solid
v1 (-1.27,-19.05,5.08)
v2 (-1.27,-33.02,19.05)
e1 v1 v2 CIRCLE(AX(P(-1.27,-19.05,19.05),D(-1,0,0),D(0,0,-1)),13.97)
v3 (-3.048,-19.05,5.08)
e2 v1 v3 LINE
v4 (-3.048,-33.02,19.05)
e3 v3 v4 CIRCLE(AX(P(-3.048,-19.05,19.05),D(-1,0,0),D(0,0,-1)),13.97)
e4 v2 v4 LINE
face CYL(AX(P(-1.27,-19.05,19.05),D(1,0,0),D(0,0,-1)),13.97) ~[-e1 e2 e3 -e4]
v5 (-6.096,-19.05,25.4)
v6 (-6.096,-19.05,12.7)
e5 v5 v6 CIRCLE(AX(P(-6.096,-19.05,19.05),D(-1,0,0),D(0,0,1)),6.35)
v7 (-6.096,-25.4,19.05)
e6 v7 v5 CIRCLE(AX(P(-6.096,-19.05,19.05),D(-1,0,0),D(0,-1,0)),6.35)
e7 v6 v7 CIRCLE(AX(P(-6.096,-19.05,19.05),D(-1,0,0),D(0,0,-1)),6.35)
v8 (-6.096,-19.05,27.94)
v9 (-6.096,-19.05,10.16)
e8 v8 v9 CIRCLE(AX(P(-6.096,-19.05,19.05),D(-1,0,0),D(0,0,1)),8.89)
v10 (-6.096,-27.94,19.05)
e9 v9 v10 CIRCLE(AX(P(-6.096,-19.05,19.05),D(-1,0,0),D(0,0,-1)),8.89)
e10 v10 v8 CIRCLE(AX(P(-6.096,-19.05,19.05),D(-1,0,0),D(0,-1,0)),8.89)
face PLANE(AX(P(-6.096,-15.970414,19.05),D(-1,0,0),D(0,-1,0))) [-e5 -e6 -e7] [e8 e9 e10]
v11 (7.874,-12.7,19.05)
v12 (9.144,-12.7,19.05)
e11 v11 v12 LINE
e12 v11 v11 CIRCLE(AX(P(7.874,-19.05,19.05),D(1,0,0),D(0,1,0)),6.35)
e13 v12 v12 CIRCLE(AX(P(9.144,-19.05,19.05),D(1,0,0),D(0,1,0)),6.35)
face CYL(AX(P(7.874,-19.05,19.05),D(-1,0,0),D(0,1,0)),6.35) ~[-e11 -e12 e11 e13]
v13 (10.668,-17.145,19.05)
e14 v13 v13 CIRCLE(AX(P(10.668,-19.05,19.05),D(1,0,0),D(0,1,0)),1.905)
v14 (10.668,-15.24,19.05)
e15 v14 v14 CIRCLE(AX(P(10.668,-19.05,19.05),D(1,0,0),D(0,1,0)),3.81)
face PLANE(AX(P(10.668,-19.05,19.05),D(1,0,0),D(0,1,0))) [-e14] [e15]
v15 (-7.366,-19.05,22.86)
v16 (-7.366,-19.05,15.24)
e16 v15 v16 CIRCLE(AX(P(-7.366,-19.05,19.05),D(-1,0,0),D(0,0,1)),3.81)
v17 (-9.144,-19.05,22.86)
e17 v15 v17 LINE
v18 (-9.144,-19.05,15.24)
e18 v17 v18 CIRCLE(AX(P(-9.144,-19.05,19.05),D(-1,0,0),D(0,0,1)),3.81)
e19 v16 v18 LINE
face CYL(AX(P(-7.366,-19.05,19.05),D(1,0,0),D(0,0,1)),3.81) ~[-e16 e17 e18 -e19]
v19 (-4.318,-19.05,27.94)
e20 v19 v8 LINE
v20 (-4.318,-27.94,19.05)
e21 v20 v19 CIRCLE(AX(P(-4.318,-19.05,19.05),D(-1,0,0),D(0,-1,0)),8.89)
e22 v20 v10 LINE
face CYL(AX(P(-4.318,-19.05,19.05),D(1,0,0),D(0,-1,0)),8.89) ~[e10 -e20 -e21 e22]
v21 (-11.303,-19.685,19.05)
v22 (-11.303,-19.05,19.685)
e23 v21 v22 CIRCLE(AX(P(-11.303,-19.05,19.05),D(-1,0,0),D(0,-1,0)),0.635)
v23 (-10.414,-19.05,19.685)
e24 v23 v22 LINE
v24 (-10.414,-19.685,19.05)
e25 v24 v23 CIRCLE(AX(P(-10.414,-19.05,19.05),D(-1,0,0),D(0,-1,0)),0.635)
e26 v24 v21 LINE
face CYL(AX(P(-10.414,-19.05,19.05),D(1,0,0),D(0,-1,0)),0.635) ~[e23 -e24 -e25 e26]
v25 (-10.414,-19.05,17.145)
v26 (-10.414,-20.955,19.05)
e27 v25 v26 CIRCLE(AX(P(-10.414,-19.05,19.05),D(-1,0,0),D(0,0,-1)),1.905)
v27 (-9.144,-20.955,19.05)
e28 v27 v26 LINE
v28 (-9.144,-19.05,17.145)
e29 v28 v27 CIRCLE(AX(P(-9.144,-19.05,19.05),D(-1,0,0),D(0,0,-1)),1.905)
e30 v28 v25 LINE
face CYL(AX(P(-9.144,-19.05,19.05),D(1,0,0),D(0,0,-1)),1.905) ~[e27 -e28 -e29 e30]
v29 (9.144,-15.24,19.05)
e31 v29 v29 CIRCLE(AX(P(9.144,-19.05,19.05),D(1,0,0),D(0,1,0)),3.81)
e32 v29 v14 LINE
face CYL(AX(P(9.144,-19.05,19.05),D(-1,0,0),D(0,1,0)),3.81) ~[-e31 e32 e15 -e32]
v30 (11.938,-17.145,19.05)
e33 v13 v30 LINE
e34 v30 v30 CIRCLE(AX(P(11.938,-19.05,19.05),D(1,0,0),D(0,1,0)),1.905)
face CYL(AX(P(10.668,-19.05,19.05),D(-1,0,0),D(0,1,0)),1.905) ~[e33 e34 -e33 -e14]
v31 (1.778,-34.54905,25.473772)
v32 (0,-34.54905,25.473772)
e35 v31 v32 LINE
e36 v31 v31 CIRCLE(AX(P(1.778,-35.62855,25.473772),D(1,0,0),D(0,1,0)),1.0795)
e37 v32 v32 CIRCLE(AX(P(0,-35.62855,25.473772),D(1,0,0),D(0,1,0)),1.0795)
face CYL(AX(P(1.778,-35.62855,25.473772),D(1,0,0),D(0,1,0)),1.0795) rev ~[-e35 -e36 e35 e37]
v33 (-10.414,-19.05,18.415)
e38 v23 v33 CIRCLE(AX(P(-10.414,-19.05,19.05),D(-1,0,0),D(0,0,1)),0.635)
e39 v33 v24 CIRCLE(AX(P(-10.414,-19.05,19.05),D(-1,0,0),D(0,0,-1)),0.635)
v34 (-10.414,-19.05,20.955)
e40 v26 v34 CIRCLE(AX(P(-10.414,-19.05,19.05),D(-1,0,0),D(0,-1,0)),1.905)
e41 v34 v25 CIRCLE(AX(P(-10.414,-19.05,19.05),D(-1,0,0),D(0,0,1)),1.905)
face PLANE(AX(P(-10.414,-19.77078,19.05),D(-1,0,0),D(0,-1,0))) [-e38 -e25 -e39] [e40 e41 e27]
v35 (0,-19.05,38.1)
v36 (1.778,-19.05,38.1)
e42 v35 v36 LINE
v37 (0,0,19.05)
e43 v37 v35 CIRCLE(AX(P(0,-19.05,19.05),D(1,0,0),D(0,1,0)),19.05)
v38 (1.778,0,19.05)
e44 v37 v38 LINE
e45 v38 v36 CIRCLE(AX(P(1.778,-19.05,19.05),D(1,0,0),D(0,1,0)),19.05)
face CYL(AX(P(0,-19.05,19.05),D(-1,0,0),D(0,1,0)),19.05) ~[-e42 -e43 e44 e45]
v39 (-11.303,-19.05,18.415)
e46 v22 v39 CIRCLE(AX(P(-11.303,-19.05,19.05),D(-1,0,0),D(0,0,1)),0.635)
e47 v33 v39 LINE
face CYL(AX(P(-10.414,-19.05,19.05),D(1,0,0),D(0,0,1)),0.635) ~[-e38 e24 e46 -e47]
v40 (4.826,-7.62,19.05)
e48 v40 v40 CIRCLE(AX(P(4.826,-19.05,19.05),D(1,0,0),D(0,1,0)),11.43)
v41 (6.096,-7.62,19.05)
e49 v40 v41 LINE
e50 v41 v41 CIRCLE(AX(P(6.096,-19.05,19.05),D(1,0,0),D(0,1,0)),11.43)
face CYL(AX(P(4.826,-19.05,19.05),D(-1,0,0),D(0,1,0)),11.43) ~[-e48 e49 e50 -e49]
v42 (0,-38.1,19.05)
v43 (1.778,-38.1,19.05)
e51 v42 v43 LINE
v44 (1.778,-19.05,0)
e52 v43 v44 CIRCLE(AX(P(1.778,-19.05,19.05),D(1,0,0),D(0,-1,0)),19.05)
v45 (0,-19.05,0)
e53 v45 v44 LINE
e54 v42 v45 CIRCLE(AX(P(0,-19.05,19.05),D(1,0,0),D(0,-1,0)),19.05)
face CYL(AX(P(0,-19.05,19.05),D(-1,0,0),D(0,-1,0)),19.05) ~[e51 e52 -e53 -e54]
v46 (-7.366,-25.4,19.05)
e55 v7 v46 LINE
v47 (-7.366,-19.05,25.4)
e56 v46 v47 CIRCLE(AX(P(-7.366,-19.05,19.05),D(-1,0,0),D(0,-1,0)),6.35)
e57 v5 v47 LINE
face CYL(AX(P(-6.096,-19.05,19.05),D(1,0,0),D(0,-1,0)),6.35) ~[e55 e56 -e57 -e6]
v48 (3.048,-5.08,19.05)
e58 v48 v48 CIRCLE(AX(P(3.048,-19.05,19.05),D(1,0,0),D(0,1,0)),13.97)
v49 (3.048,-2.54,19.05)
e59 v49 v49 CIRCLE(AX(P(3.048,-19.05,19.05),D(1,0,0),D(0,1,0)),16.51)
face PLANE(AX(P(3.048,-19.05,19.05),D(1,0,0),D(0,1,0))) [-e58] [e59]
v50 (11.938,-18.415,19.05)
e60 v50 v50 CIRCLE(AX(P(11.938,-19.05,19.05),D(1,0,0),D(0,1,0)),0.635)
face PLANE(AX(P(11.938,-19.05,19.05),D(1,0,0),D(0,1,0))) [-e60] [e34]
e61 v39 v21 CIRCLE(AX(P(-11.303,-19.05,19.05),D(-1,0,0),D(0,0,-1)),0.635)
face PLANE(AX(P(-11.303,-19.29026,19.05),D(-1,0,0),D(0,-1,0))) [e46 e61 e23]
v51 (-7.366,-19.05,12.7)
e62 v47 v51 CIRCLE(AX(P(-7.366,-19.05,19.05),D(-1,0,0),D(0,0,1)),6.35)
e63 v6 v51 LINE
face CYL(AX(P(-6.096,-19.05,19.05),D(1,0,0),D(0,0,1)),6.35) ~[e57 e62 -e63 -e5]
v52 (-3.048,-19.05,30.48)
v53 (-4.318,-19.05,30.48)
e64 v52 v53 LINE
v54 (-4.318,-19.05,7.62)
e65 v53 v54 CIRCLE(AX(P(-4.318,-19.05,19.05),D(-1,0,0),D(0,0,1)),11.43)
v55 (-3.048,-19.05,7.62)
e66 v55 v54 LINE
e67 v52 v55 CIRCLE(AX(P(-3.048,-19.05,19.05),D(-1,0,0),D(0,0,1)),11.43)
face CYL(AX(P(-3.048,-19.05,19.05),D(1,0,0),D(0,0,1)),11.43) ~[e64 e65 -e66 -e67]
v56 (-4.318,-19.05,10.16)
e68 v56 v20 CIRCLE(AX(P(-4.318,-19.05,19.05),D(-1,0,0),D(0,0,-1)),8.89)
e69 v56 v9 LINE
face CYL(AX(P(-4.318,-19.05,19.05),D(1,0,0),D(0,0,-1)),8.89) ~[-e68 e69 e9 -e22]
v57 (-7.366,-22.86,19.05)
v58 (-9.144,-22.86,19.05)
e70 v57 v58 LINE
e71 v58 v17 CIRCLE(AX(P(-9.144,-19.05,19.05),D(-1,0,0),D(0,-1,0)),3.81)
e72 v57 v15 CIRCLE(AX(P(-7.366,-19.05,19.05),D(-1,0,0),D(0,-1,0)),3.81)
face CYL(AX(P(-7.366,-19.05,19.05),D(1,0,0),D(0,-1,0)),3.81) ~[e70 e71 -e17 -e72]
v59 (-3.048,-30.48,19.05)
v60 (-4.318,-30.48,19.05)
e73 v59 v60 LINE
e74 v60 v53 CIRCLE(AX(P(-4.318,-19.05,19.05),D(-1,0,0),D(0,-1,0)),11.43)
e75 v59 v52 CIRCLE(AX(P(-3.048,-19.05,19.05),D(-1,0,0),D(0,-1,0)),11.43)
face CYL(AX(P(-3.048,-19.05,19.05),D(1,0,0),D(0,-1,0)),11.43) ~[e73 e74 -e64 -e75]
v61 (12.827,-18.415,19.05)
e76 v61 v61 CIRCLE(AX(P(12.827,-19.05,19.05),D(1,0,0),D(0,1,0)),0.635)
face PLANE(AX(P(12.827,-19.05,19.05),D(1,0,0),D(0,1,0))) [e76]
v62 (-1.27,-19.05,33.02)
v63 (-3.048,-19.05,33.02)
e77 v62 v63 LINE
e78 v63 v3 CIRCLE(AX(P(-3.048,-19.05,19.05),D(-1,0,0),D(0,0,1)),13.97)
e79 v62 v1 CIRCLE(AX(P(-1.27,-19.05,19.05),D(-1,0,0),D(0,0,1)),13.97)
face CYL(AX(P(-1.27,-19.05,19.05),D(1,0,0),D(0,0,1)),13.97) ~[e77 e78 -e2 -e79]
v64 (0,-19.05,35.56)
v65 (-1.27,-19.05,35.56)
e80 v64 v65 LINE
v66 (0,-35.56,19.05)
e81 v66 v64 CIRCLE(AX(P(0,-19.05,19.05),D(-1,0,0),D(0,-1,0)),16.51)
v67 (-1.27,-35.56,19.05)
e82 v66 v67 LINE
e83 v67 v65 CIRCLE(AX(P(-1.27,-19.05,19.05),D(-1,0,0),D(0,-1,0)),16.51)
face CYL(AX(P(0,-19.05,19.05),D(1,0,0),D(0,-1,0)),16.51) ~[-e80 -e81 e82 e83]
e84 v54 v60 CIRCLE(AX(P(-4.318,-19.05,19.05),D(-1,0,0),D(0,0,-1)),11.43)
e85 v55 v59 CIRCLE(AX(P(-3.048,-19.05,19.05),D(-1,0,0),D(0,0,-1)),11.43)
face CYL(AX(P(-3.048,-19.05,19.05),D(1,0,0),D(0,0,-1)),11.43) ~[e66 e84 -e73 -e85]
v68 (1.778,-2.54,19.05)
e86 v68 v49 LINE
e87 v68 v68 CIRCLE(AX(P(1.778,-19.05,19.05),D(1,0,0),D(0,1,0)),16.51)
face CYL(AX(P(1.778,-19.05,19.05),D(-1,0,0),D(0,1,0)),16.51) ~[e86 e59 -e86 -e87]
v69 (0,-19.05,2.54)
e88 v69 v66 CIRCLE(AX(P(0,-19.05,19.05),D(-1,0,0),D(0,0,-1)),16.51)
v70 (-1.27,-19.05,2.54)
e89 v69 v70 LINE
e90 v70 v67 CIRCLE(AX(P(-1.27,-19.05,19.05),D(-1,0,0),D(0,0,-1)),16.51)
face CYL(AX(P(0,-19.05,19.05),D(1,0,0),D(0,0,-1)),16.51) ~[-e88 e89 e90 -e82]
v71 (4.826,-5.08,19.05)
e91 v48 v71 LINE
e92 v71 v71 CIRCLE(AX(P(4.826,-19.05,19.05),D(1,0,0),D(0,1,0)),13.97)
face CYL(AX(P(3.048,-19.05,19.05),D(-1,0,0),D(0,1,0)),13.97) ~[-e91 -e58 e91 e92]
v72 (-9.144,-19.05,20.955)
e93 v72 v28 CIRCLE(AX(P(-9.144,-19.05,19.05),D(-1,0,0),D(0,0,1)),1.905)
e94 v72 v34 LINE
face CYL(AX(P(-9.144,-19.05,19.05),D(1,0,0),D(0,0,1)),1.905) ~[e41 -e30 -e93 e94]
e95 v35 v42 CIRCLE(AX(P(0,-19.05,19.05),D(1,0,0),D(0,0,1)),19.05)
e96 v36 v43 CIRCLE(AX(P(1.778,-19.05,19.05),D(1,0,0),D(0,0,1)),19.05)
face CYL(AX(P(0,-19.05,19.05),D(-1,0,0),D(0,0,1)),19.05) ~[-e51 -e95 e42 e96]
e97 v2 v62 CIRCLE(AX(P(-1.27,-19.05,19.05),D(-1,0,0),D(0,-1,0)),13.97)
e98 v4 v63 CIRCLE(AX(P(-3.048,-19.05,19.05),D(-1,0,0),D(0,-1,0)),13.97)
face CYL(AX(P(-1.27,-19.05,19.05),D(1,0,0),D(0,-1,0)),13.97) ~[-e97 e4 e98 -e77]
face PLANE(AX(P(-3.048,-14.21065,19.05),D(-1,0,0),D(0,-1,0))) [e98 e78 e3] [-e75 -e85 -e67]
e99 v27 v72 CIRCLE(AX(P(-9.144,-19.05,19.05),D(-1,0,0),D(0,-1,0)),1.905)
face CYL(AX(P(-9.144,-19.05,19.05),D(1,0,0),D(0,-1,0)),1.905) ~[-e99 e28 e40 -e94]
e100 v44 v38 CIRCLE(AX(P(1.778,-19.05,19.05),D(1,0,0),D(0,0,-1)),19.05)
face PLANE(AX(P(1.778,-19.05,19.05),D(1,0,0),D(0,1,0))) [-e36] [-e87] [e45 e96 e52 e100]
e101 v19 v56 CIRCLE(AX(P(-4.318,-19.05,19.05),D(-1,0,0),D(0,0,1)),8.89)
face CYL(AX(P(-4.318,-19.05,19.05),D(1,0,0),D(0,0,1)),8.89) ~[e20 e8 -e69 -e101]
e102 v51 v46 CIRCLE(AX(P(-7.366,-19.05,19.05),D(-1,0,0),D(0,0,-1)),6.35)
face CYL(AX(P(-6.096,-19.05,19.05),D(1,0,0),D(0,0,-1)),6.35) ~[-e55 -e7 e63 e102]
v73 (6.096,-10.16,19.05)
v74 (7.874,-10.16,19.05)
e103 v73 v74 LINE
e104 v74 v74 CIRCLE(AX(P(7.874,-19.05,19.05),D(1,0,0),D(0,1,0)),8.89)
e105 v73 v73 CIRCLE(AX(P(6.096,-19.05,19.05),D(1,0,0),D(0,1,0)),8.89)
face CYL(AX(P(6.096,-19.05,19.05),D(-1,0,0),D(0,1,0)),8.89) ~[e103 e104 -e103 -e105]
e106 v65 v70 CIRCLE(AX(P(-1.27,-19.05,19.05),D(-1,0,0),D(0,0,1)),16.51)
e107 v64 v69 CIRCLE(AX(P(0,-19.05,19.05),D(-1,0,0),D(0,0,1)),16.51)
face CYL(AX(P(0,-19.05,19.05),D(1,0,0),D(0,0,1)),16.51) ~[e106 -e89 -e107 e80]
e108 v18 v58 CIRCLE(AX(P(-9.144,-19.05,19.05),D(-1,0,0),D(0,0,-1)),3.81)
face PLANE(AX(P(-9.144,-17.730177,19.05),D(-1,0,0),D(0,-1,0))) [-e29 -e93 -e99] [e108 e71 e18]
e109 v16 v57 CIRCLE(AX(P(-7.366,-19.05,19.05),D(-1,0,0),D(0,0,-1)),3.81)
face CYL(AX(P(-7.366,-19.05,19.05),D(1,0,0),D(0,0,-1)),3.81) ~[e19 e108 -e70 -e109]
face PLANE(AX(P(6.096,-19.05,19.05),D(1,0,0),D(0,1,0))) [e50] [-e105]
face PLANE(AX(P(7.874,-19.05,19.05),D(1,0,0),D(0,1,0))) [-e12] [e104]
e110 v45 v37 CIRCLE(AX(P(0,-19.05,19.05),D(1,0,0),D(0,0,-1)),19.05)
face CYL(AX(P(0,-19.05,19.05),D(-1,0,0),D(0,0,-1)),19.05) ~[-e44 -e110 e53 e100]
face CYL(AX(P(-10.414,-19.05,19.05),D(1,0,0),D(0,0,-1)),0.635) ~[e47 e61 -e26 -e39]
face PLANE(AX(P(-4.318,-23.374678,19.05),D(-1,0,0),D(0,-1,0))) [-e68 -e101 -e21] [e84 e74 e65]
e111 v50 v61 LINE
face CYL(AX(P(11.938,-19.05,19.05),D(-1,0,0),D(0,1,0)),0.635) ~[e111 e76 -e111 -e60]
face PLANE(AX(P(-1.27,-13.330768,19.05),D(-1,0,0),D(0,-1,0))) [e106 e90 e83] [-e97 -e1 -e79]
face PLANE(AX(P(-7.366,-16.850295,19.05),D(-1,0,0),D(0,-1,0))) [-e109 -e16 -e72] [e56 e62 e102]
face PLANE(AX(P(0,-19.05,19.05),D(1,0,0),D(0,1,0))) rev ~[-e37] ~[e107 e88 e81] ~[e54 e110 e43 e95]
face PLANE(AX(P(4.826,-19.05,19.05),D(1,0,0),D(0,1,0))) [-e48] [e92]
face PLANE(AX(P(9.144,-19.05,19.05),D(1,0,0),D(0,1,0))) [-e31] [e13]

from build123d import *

# Parameters (mm, degrees)
F1_DEPTH  = 1.778
F2_R      = 16.51
F3_DEPTH  = 1.27
F4_R      = 13.97
F5_DEPTH  = 1.778
F6_R      = 11.43
F7_DEPTH  = 1.27
F8_R      = 8.89
F9_DEPTH  = 1.778
F10_R     = 6.35
F11_DEPTH = 1.27
F12_R     = 3.81
F13_DEPTH = 1.524
F14_R     = 1.905
F15_DEPTH = 1.27
F16_R     = 0.635
F17_DEPTH = 0.889
F18_R     = 1.0795
F19_DEPTH = 1.778
F21_DEPTH = 1.27
F23_DEPTH = 1.778
F25_DEPTH = 1.27
F27_DEPTH = 1.778
F29_DEPTH = 1.27
F31_DEPTH = 1.778
F33_DEPTH = 1.27
F35_DEPTH = 0.889


with BuildPart() as f1:
    # F0 (on Right) → F1 (new body)
    with BuildSketch(Plane.YZ):
        with BuildLine():
            ThreePointArc((-19.05, 0), (-5.5796158184, 5.5796158184), (0, 19.05))
            ThreePointArc((0, 19.05), (-5.5796158184, 32.5203841816), (-19.05, 38.1))
            ThreePointArc((-19.05, 38.1), (-32.5203841816, 32.5203841816), (-38.1, 19.05))
            ThreePointArc((-38.1, 19.05), (-32.5203841816, 5.5796158184), (-19.05, 0))
        make_face()
    extrude(amount=F1_DEPTH)

    # F2 (on face) → F3 (join)
    with BuildSketch(Plane.YZ.offset(1.778)):
        with Locations((-19.05, 19.05)):
            Circle(F2_R)
    extrude(amount=F3_DEPTH)

    # F4 (on face) → F5 (join)
    with BuildSketch(Plane.YZ.offset(3.048)):
        with Locations((-19.05, 19.05)):
            Circle(F4_R)
    extrude(amount=F5_DEPTH)

    # F6 (on face) → F7 (join)
    with BuildSketch(Plane.YZ.offset(4.826)):
        with Locations((-19.05, 19.05)):
            Circle(F6_R)
    extrude(amount=F7_DEPTH)

    # F8 (on face) → F9 (join)
    with BuildSketch(Plane.YZ.offset(6.096)):
        with Locations((-19.05, 19.05)):
            Circle(F8_R)
    extrude(amount=F9_DEPTH)

    # F10 (on face) → F11 (join)
    with BuildSketch(Plane.YZ.offset(7.874)):
        with Locations((-19.05, 19.05)):
            Circle(F10_R)
    extrude(amount=F11_DEPTH)

    # F12 (on face) → F13 (join)
    with BuildSketch(Plane.YZ.offset(9.144)):
        with Locations((-19.05, 19.05)):
            Circle(F12_R)
    extrude(amount=F13_DEPTH)

    # F14 (on face) → F15 (join)
    with BuildSketch(Plane.YZ.offset(10.668)):
        with Locations((-19.05, 19.05)):
            Circle(F14_R)
    extrude(amount=F15_DEPTH)

    # F16 (on face) → F17 (join)
    with BuildSketch(Plane.YZ.offset(11.938)):
        with Locations((-19.05, 19.05)):
            Circle(F16_R)
    extrude(amount=F17_DEPTH)

    # F18 (on face) → F19 (cut)
    with BuildSketch(Plane.YZ.offset(1.778)):
        with Locations((-35.6285501971, 25.4737715009)):
            Circle(F18_R)
    extrude(amount=-F19_DEPTH, mode=Mode.SUBTRACT)

    # F20 (on face) → F21 (join)
    with BuildSketch(Plane(origin=(0, 0, 0), x_dir=(0, -1, 0), z_dir=(-1, 0, 0))):
        with BuildLine():
            ThreePointArc((19.05, 35.56), (2.54, 19.05), (19.05, 2.54))
            Line((19.05, 2.54), (19.05, 35.56))
        make_face()
        with BuildLine():
            Line((19.05, 35.56), (19.05, 2.54))
            ThreePointArc((19.05, 2.54), (30.7243329574, 7.3756670426), (35.56, 19.05))
            ThreePointArc((35.56, 19.05), (30.7243329574, 30.7243329574), (19.05, 35.56))
        make_face()
    extrude(amount=F21_DEPTH)

    # F22 (on face) → F23 (join)
    with BuildSketch(Plane(origin=(-1.27, 0, 0), x_dir=(0, -1, 0), z_dir=(-1, 0, 0))):
        with BuildLine():
            ThreePointArc((19.05, 33.02), (5.08, 19.05), (19.05, 5.08))
            Line((19.05, 5.08), (19.05, 33.02))
        make_face()
        with BuildLine():
            Line((19.05, 33.02), (19.05, 5.08))
            ThreePointArc((19.05, 5.08), (28.9282817332, 9.1717182668), (33.02, 19.05))
            ThreePointArc((33.02, 19.05), (28.9282817332, 28.9282817332), (19.05, 33.02))
        make_face()
    extrude(amount=F23_DEPTH)

    # F24 (on face) → F25 (join)
    with BuildSketch(Plane(origin=(-3.048, 0, 0), x_dir=(0, -1, 0), z_dir=(-1, 0, 0))):
        with BuildLine():
            Line((19.05, 30.48), (19.05, 7.62))
            ThreePointArc((19.05, 7.62), (27.132230509, 10.967769491), (30.48, 19.05))
            ThreePointArc((30.48, 19.05), (27.132230509, 27.132230509), (19.05, 30.48))
        make_face()
        with BuildLine():
            ThreePointArc((19.05, 30.48), (7.62, 19.05), (19.05, 7.62))
            Line((19.05, 7.62), (19.05, 30.48))
        make_face()
    extrude(amount=F25_DEPTH)

    # F26 (on face) → F27 (join)
    with BuildSketch(Plane(origin=(-4.318, 0, 0), x_dir=(0, -1, 0), z_dir=(-1, 0, 0))):
        with BuildLine():
            ThreePointArc((19.05, 27.94), (10.16, 19.05), (19.05, 10.16))
            Line((19.05, 10.16), (19.05, 27.94))
        make_face()
        with BuildLine():
            Line((19.05, 27.94), (19.05, 10.16))
            ThreePointArc((19.05, 10.16), (25.3361792847, 12.7638207153), (27.94, 19.05))
            ThreePointArc((27.94, 19.05), (25.3361792847, 25.3361792847), (19.05, 27.94))
        make_face()
    extrude(amount=F27_DEPTH)

    # F28 (on face) → F29 (join)
    with BuildSketch(Plane(origin=(-6.096, 0, 0), x_dir=(0, -1, 0), z_dir=(-1, 0, 0))):
        with BuildLine():
            ThreePointArc((19.05, 25.4), (12.7, 19.05), (19.05, 12.7))
            Line((19.05, 12.7), (19.05, 25.4))
        make_face()
        with BuildLine():
            Line((19.05, 25.4), (19.05, 12.7))
            ThreePointArc((19.05, 12.7), (23.5401280605, 14.5598719395), (25.4, 19.05))
            ThreePointArc((25.4, 19.05), (23.5401280605, 23.5401280605), (19.05, 25.4))
        make_face()
    extrude(amount=F29_DEPTH)

    # F30 (on face) → F31 (join)
    with BuildSketch(Plane(origin=(-7.366, 0, 0), x_dir=(0, -1, 0), z_dir=(-1, 0, 0))):
        with BuildLine():
            ThreePointArc((19.05, 22.86), (15.24, 19.05), (19.05, 15.24))
            Line((19.05, 15.24), (19.05, 22.86))
        make_face()
        with BuildLine():
            Line((19.05, 22.86), (19.05, 15.24))
            ThreePointArc((19.05, 15.24), (21.7440768363, 16.3559231637), (22.86, 19.05))
            ThreePointArc((22.86, 19.05), (21.7440768363, 21.7440768363), (19.05, 22.86))
        make_face()
    extrude(amount=F31_DEPTH)

    # F32 (on face) → F33 (join)
    with BuildSketch(Plane(origin=(-9.144, 0, 0), x_dir=(0, -1, 0), z_dir=(-1, 0, 0))):
        with BuildLine():
            Line((19.05, 20.955), (19.05, 17.145))
            ThreePointArc((19.05, 17.145), (20.3970384182, 17.7029615818), (20.955, 19.05))
            ThreePointArc((20.955, 19.05), (20.3970384182, 20.3970384182), (19.05, 20.955))
        make_face()
        with BuildLine():
            ThreePointArc((19.05, 20.955), (17.145, 19.05), (19.05, 17.145))
            Line((19.05, 17.145), (19.05, 20.955))
        make_face()
    extrude(amount=F33_DEPTH)

    # F34 (on face) → F35 (join)
    with BuildSketch(Plane(origin=(-10.414, 0, 0), x_dir=(0, -1, 0), z_dir=(-1, 0, 0))):
        with BuildLine():
            Line((19.05, 19.685), (19.05, 18.415))
            ThreePointArc((19.05, 18.415), (19.4990128061, 18.6009871939), (19.685, 19.05))
            ThreePointArc((19.685, 19.05), (19.4990128061, 19.4990128061), (19.05, 19.685))
        make_face()
        with BuildLine():
            ThreePointArc((19.05, 19.685), (18.415, 19.05), (19.05, 18.415))
            Line((19.05, 18.415), (19.05, 19.685))
        make_face()
    extrude(amount=F35_DEPTH)


solid = f1.part
